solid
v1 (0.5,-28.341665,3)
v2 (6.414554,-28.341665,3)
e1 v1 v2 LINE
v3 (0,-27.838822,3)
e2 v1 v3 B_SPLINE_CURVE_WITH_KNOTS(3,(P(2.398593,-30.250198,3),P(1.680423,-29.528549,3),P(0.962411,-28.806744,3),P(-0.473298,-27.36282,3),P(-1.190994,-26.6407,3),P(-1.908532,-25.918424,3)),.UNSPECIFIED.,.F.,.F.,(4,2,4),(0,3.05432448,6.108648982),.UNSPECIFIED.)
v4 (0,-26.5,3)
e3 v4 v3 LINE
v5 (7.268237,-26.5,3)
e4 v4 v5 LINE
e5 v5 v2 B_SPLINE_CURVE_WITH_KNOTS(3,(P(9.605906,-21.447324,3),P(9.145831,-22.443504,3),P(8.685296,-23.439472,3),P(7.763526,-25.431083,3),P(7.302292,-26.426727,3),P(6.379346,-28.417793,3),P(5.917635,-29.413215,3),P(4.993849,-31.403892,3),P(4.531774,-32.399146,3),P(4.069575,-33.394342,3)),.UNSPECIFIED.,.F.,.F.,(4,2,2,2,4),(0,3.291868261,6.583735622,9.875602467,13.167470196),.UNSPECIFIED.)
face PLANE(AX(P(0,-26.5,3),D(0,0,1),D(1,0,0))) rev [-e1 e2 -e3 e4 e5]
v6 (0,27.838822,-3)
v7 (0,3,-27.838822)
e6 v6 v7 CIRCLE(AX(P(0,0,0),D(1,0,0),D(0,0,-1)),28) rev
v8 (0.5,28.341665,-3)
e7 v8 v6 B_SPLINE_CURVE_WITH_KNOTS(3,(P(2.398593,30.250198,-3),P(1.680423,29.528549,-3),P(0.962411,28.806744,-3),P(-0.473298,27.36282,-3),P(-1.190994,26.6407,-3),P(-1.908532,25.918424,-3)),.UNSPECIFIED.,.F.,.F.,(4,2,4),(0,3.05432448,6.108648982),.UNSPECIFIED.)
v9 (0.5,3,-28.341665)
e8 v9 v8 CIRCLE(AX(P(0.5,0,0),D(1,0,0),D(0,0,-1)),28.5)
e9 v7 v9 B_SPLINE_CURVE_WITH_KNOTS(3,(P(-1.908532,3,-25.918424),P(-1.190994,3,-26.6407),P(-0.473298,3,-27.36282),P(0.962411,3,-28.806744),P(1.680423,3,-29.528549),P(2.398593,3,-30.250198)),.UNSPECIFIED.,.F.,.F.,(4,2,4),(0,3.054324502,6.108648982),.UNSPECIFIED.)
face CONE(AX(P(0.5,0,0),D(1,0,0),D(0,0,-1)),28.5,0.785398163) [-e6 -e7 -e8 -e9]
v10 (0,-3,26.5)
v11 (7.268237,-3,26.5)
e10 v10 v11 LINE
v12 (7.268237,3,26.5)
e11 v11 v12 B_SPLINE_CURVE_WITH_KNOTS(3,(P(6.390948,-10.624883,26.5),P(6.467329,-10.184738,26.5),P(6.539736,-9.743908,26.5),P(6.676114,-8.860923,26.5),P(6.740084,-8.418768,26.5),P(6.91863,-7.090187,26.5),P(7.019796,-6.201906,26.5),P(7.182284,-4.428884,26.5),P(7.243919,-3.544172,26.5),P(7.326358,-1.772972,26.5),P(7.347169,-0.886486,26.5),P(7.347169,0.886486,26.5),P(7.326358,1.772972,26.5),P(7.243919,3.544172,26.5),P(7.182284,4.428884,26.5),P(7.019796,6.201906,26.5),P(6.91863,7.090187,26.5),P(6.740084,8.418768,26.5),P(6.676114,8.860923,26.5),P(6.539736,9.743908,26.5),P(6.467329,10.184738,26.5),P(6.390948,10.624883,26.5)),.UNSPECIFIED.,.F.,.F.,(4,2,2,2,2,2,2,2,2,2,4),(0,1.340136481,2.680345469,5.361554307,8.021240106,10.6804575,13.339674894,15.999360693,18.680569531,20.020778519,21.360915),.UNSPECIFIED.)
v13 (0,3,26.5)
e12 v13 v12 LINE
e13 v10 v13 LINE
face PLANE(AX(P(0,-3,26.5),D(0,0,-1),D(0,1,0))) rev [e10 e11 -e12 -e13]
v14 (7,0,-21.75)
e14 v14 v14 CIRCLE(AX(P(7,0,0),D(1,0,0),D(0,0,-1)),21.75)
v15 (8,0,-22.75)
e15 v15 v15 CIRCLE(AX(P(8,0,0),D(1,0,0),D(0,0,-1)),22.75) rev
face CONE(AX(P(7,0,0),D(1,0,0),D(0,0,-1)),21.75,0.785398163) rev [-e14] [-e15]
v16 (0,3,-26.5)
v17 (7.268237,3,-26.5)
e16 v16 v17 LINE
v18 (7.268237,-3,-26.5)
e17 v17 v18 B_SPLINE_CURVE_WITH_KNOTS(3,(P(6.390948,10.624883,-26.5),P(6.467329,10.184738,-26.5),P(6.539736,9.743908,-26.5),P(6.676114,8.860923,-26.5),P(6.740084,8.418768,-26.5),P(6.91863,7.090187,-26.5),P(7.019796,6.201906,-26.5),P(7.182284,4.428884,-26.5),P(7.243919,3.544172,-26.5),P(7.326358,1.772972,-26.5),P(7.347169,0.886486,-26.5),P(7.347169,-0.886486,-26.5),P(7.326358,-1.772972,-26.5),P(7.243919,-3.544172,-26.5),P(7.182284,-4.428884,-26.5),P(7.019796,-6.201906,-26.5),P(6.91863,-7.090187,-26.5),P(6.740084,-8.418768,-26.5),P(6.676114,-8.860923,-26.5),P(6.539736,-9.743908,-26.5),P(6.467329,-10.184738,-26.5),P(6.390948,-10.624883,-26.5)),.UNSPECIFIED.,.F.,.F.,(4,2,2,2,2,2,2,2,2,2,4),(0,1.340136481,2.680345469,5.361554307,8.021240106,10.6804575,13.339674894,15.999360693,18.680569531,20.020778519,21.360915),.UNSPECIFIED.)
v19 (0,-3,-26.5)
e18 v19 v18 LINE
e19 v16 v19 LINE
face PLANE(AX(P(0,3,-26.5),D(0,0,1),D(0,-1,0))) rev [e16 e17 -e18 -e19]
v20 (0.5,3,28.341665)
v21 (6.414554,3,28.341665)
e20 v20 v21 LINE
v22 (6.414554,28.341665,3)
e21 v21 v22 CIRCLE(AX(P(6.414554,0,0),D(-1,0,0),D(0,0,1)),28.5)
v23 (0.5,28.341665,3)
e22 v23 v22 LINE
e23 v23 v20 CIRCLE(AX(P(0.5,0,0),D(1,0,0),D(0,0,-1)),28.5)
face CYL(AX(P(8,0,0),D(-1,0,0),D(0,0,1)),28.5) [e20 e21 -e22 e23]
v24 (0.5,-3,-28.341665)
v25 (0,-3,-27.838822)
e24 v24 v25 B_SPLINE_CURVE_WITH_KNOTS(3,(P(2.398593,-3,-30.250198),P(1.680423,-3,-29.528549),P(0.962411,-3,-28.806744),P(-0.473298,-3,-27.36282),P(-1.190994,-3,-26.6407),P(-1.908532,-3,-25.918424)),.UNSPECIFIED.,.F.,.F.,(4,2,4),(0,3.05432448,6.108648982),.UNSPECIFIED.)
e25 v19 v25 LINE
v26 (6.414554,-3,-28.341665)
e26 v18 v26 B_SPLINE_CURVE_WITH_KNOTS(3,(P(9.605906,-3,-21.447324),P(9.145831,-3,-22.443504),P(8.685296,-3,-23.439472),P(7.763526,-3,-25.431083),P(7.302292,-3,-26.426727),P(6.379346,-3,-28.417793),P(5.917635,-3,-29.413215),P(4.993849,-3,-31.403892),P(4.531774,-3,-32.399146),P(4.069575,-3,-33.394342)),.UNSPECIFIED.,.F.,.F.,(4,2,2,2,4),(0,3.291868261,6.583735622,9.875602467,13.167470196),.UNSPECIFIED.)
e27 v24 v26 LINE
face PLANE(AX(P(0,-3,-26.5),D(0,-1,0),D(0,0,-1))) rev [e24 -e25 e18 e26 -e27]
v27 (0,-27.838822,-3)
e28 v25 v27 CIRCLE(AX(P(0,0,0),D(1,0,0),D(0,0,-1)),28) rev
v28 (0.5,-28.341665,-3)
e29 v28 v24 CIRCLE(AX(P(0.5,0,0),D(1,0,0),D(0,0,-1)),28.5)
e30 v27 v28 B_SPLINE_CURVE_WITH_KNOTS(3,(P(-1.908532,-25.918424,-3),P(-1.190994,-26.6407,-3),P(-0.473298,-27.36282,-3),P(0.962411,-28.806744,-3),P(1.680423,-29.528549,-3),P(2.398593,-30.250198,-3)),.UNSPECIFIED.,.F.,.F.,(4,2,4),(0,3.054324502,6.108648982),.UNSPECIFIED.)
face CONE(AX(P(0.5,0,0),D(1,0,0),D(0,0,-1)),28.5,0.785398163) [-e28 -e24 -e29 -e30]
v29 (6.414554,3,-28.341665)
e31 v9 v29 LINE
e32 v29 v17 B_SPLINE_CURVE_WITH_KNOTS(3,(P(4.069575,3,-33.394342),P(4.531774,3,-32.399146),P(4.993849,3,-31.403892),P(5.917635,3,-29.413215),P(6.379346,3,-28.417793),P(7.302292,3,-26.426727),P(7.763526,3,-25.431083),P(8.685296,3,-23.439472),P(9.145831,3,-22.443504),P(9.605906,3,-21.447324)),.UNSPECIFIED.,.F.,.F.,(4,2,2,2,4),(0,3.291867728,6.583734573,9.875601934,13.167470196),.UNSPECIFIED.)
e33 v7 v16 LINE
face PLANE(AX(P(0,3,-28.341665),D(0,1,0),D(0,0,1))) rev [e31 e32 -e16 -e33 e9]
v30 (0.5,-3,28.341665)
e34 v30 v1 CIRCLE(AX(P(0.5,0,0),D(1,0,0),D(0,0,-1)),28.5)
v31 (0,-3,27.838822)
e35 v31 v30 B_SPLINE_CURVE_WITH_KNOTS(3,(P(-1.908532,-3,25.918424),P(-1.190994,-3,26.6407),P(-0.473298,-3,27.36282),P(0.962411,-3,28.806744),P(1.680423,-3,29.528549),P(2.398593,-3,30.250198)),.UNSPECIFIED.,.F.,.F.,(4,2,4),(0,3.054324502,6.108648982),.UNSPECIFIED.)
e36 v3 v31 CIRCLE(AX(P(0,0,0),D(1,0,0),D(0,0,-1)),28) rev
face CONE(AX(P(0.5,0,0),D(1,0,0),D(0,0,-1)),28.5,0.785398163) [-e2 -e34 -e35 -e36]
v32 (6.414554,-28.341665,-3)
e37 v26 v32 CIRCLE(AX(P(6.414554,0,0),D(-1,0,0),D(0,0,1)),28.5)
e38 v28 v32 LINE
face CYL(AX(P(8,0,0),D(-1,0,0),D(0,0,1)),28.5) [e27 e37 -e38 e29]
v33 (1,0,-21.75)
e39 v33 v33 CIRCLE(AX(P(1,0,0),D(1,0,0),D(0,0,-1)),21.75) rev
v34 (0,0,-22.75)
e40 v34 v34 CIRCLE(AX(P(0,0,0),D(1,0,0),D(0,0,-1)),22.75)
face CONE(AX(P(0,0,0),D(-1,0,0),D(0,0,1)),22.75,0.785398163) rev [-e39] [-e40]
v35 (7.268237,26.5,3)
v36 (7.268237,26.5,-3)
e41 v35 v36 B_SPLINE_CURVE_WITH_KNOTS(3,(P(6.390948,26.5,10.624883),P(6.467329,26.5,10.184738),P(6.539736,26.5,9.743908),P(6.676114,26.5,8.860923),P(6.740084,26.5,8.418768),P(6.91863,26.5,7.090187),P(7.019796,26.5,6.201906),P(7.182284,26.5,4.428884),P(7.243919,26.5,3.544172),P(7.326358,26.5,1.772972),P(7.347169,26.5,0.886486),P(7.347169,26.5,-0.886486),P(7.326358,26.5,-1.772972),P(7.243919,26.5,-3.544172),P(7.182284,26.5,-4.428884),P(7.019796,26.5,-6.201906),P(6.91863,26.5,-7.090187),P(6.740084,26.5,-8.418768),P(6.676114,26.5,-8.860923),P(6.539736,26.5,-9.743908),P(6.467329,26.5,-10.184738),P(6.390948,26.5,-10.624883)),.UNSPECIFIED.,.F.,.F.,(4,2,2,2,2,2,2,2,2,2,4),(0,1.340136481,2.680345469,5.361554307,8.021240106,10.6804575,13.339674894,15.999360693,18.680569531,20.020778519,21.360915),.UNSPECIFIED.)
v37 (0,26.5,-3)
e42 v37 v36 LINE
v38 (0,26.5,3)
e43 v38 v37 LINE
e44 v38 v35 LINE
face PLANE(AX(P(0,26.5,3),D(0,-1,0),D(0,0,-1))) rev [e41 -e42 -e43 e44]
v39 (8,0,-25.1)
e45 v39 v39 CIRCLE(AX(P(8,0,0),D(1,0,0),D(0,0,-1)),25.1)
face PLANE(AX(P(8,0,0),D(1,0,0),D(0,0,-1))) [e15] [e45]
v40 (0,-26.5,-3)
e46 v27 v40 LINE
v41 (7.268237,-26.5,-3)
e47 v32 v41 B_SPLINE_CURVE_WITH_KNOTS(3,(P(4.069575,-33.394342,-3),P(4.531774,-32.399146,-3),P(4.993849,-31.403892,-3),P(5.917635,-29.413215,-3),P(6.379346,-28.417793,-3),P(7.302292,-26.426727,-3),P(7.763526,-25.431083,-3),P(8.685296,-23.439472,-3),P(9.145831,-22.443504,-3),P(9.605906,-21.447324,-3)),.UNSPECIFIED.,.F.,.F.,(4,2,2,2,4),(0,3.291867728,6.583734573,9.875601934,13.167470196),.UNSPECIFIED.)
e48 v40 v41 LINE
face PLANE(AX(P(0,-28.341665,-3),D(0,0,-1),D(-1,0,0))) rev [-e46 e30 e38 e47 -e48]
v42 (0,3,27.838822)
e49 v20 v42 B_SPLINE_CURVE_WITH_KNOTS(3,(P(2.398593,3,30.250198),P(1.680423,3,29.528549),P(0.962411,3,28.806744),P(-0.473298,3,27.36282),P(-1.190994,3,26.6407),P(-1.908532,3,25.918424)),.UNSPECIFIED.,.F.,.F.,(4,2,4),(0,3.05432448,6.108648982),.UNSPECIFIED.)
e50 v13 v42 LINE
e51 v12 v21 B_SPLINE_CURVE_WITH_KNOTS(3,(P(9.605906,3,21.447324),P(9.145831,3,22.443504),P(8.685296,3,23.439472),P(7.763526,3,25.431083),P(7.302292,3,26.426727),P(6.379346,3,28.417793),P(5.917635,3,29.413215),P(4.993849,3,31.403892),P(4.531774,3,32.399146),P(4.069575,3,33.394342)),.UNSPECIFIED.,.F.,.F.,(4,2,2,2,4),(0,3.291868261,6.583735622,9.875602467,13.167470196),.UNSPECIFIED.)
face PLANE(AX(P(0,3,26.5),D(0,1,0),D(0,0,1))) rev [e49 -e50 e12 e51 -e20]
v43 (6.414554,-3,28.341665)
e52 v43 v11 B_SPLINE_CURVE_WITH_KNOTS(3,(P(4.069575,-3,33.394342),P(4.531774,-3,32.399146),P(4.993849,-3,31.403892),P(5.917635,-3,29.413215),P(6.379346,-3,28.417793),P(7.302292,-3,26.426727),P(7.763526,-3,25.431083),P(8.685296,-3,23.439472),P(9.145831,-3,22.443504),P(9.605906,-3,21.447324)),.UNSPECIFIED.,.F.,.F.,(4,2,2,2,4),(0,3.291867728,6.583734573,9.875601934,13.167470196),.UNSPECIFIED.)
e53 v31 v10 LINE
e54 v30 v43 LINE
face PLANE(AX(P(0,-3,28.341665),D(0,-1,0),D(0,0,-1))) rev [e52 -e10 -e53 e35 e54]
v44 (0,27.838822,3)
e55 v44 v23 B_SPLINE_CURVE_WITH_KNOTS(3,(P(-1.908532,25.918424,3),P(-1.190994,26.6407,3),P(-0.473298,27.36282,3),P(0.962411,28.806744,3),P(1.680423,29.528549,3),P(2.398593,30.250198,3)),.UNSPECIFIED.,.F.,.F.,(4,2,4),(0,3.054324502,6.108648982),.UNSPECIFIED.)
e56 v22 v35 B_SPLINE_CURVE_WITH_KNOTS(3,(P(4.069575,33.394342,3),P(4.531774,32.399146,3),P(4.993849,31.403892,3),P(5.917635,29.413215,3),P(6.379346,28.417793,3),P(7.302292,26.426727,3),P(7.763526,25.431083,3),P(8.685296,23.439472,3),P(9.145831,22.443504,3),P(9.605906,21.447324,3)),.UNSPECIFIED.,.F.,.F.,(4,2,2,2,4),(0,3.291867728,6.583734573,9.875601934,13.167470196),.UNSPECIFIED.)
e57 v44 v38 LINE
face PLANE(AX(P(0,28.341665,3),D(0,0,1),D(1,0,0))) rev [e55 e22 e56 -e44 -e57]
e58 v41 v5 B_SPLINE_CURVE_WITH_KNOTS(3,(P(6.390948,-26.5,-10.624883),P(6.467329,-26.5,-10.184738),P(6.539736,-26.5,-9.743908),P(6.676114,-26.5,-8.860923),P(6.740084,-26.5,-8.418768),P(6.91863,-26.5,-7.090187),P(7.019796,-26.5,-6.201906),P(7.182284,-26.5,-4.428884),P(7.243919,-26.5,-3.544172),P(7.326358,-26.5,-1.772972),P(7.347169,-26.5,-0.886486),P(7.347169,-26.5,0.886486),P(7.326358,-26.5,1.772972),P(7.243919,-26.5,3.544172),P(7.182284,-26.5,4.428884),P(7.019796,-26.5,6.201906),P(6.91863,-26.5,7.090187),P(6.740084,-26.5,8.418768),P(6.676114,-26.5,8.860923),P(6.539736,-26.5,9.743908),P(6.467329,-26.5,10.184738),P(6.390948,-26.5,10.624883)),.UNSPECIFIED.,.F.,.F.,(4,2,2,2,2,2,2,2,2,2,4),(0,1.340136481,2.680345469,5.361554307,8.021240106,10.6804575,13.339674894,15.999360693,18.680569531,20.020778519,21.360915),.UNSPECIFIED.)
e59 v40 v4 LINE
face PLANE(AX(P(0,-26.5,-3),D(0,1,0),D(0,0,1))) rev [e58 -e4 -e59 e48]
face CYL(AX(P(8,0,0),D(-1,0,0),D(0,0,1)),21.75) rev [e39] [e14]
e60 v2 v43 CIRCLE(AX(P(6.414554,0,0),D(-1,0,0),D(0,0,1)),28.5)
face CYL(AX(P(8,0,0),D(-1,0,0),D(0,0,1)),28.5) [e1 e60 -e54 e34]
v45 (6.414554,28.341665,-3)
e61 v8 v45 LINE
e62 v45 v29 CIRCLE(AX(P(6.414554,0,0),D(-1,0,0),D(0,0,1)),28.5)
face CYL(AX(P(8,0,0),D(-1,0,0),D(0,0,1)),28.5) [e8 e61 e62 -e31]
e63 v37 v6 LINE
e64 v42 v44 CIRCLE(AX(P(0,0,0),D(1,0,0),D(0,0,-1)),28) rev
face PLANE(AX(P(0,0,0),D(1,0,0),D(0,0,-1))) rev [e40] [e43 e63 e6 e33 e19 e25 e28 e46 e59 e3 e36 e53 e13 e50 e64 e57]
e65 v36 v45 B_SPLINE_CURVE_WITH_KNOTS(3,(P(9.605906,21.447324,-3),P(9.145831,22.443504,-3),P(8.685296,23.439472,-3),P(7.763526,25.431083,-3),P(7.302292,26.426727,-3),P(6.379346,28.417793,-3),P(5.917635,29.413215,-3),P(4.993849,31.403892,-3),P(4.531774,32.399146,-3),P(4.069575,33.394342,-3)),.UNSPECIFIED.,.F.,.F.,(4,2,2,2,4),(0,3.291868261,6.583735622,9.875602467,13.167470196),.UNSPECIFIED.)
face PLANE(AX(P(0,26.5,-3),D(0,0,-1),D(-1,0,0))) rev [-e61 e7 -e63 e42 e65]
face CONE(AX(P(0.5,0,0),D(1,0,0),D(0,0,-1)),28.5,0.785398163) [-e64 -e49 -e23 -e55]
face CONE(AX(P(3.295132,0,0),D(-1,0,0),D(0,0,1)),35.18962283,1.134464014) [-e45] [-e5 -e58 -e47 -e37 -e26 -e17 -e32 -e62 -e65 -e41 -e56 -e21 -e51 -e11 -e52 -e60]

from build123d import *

# Parameters (mm, degrees)
SKETCH_1_R               = 28.5
SKETCH_1_R_2             = 21.75
EXTRUDE_1_DEPTH          = 8
CHAMFER_1_SIZE           = 1
CHAMFER_2_SIZE           = 0.5
CUT_EXTRUDE_START        = -8
CUT_EXTRUDE_1_DEPTH      = 8
PATTERN_CIRCULAR_1_COUNT = 4


with BuildPart() as part:
    # 草图1 → 凸台-拉伸1 (new body)
    with BuildSketch(Plane(origin=(0, 0, 0), x_dir=(0, 0, -1), z_dir=(1, 0, 0))):
        Circle(SKETCH_1_R)
        Circle(SKETCH_1_R_2, mode=Mode.SUBTRACT)
    extrude(amount=EXTRUDE_1_DEPTH)

    # 倒角1
    chamfer_1_edges = [part.edges().sort_by_distance(p)[0] for p in [
        (0, 0, 21.75),
        (8, 0, 21.75),
    ]]
    chamfer(chamfer_1_edges, length=CHAMFER_1_SIZE)

    # 倒角2
    chamfer_2_edges = [part.edges().sort_by_distance(p)[0] for p in [
        (0, 0, 28.5),
    ]]
    chamfer(chamfer_2_edges, length=CHAMFER_2_SIZE)

    # 草图2 → 切除-拉伸1 (cut)
    with BuildSketch(Plane(origin=(8, 0, 0), x_dir=(0, 0, -1), z_dir=(1, 0, 0)).offset(CUT_EXTRUDE_START)):
        with BuildLine():
            Line((-3, 28.341665442), (-3, 26.5))
            Line((-3, 26.5), (3, 26.5))
            Line((3, 26.5), (3, 28.341665442))
            ThreePointArc((3, 28.341665442), (0, 28.5), (-3, 28.341665442))
        make_face()
    cut_extrude_1 = extrude(amount=CUT_EXTRUDE_1_DEPTH, mode=Mode.SUBTRACT)

    # 阵列(圆周)1: 切除-拉伸1 ×4 about axis
    pattern_circular_1_axis = Axis((0, 0, 0), (1, 0, 0))
    for i in range(1, PATTERN_CIRCULAR_1_COUNT):
        add(cut_extrude_1.rotate(pattern_circular_1_axis, i * 360 / PATTERN_CIRCULAR_1_COUNT), mode=Mode.SUBTRACT)

    # 草图3 → 切除-旋转1 (revolve, cut)
    with BuildSketch(Plane.XY, mode=Mode.PRIVATE) as cut_revolve_1_sk:
        Polygon((3.295131606, 35.18962283), (8, 25.1), (8, 35.18962283), align=None)
    revolve(cut_revolve_1_sk.sketch.rotate(Axis((8, 0, 0), (-1, 0, 0)), 276.042328419), axis=Axis((8, 0, 0), (-1, 0, 0)), mode=Mode.SUBTRACT)


solid = part.part
